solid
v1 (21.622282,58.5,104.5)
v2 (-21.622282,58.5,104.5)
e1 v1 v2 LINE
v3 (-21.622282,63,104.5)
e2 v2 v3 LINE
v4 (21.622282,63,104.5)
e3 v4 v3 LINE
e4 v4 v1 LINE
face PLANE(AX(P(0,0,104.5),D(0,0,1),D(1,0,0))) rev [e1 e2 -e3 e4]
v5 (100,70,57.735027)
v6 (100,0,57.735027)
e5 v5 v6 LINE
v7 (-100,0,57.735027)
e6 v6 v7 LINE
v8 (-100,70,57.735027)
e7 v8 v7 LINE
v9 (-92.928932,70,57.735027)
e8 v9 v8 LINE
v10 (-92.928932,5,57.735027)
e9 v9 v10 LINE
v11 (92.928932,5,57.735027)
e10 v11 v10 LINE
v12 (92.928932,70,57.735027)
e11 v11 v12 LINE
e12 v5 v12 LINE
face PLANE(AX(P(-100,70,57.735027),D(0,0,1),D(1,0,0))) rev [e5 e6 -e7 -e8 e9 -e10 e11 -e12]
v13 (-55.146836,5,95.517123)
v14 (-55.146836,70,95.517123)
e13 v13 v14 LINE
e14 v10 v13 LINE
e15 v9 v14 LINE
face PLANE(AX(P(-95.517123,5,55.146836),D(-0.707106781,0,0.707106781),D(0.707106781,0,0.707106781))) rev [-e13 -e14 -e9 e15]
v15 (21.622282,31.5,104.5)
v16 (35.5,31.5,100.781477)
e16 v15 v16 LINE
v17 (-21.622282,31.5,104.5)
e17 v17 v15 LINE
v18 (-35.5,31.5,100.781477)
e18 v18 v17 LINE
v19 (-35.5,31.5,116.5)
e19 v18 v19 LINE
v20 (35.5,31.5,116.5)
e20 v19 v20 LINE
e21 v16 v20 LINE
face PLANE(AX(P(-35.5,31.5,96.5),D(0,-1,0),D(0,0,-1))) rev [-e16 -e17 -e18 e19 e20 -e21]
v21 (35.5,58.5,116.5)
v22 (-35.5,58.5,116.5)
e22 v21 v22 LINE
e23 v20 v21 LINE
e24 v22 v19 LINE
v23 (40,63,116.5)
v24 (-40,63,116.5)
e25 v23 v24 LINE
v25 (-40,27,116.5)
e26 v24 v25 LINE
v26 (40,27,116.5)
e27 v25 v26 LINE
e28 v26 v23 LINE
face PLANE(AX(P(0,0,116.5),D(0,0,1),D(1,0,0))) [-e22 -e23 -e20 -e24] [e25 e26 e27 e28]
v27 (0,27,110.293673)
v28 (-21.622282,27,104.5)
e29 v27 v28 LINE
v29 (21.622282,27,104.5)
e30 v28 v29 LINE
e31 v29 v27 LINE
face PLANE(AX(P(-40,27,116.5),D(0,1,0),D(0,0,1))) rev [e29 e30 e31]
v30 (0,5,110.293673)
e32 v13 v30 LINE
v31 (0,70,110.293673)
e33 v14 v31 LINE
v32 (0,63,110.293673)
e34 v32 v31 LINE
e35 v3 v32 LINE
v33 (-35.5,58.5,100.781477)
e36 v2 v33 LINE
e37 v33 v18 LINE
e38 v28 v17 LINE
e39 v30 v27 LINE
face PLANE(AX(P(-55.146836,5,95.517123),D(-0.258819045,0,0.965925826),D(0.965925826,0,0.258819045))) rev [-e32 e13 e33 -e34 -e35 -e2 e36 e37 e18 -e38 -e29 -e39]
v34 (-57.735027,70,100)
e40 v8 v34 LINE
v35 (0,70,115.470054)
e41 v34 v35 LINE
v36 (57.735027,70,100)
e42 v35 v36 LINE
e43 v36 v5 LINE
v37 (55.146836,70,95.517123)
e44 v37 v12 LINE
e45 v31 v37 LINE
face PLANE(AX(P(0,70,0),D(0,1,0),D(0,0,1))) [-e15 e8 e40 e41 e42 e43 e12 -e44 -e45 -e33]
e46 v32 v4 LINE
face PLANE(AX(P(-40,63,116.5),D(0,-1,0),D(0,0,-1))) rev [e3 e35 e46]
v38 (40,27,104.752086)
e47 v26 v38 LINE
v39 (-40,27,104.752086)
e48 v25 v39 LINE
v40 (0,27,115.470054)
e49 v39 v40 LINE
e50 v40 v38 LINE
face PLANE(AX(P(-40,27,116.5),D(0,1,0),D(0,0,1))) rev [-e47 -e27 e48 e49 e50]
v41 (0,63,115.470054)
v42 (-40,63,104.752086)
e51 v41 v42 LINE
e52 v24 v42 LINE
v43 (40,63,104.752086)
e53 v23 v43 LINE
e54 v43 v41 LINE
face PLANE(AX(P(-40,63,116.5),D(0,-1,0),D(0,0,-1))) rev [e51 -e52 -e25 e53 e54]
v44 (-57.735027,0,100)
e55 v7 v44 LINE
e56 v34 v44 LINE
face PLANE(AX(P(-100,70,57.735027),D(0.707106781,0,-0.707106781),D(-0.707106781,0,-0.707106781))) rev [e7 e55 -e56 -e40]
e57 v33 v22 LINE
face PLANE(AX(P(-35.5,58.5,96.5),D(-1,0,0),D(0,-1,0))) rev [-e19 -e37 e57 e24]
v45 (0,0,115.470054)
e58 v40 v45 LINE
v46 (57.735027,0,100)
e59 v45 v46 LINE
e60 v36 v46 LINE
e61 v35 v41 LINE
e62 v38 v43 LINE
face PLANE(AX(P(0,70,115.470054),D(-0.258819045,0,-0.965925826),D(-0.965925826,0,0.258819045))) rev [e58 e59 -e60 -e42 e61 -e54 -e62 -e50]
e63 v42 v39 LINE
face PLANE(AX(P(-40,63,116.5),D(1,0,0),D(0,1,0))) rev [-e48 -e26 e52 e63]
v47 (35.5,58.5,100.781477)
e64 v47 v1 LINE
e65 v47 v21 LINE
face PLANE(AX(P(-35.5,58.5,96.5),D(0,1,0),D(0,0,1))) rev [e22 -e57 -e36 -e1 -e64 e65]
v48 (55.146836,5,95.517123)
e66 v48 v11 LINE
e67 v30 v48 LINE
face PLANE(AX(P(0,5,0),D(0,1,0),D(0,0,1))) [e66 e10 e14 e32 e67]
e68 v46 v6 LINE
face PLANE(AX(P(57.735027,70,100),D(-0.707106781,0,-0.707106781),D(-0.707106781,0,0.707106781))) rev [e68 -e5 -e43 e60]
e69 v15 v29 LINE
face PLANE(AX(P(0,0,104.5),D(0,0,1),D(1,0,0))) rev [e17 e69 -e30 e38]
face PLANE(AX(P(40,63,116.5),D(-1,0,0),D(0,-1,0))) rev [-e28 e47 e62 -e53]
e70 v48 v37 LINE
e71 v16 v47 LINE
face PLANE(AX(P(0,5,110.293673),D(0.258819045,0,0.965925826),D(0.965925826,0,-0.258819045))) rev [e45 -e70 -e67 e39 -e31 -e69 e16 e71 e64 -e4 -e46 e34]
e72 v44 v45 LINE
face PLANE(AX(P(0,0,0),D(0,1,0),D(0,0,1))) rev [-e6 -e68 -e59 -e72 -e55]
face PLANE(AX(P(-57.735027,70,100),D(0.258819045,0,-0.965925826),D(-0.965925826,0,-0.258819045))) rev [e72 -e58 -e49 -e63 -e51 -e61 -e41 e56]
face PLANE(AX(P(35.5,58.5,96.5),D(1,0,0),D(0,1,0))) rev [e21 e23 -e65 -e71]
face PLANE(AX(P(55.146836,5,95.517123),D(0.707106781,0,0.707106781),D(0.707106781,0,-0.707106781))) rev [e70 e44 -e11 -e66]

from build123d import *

# Parameters (mm, degrees)
BOSS_EXTRUDE1_DEPTH = 70
CUT_EXTRUDE1_DEPTH  = 65
SKETCH6_W           = 80
SKETCH6_H           = 36
BOSS_EXTRUDE2_DEPTH = 12
SKETCH7_W           = 71
SKETCH7_H           = 27
CUT_EXTRUDE2_DEPTH  = 20


with BuildPart() as part:
    # Sketch1 → Boss-Extrude1 (new body)
    with BuildSketch(Plane(origin=(0, 0, 0), x_dir=(1, 0, 0), z_dir=(0, 1, 0))):
        Polygon((57.735026919, -100), (100, -57.735026919), (-100, -57.735026919), (-57.735026919, -100), (0, -115.470053838), align=None)
    extrude(amount=BOSS_EXTRUDE1_DEPTH)

    # Sketch4 → Cut-Extrude1 (cut)
    with BuildSketch(Plane(origin=(0, 70, 0), x_dir=(1, 0, 0), z_dir=(0, 1, 0))):
        Polygon((110.293672936, 0), (95.517122639, 55.146836468), (55.146836468, 95.517122639), (0, 110.293672936), (-55.146836468, 95.517122639), (-95.517122639, 55.146836468), (-110.293672936, 0), (-95.517122639, -55.146836468), (-55.146836468, -95.517122639), (0, -110.293672936), (55.146836468, -95.517122639), (95.517122639, -55.146836468), align=None)
    extrude(amount=-CUT_EXTRUDE1_DEPTH, mode=Mode.SUBTRACT)

    # Sketch6 → Boss-Extrude2 (add)
    with BuildSketch(Plane.XY.offset(104.5)):
        with Locations((0, 45)):
            Rectangle(SKETCH6_W, SKETCH6_H)
    extrude(amount=BOSS_EXTRUDE2_DEPTH)

    # Sketch7 → Cut-Extrude2 (cut)
    with BuildSketch(Plane.XY.offset(116.5)):
        with Locations((0, 45)):
            Rectangle(SKETCH7_W, SKETCH7_H)
    extrude(amount=-CUT_EXTRUDE2_DEPTH, mode=Mode.SUBTRACT)


solid = part.part
